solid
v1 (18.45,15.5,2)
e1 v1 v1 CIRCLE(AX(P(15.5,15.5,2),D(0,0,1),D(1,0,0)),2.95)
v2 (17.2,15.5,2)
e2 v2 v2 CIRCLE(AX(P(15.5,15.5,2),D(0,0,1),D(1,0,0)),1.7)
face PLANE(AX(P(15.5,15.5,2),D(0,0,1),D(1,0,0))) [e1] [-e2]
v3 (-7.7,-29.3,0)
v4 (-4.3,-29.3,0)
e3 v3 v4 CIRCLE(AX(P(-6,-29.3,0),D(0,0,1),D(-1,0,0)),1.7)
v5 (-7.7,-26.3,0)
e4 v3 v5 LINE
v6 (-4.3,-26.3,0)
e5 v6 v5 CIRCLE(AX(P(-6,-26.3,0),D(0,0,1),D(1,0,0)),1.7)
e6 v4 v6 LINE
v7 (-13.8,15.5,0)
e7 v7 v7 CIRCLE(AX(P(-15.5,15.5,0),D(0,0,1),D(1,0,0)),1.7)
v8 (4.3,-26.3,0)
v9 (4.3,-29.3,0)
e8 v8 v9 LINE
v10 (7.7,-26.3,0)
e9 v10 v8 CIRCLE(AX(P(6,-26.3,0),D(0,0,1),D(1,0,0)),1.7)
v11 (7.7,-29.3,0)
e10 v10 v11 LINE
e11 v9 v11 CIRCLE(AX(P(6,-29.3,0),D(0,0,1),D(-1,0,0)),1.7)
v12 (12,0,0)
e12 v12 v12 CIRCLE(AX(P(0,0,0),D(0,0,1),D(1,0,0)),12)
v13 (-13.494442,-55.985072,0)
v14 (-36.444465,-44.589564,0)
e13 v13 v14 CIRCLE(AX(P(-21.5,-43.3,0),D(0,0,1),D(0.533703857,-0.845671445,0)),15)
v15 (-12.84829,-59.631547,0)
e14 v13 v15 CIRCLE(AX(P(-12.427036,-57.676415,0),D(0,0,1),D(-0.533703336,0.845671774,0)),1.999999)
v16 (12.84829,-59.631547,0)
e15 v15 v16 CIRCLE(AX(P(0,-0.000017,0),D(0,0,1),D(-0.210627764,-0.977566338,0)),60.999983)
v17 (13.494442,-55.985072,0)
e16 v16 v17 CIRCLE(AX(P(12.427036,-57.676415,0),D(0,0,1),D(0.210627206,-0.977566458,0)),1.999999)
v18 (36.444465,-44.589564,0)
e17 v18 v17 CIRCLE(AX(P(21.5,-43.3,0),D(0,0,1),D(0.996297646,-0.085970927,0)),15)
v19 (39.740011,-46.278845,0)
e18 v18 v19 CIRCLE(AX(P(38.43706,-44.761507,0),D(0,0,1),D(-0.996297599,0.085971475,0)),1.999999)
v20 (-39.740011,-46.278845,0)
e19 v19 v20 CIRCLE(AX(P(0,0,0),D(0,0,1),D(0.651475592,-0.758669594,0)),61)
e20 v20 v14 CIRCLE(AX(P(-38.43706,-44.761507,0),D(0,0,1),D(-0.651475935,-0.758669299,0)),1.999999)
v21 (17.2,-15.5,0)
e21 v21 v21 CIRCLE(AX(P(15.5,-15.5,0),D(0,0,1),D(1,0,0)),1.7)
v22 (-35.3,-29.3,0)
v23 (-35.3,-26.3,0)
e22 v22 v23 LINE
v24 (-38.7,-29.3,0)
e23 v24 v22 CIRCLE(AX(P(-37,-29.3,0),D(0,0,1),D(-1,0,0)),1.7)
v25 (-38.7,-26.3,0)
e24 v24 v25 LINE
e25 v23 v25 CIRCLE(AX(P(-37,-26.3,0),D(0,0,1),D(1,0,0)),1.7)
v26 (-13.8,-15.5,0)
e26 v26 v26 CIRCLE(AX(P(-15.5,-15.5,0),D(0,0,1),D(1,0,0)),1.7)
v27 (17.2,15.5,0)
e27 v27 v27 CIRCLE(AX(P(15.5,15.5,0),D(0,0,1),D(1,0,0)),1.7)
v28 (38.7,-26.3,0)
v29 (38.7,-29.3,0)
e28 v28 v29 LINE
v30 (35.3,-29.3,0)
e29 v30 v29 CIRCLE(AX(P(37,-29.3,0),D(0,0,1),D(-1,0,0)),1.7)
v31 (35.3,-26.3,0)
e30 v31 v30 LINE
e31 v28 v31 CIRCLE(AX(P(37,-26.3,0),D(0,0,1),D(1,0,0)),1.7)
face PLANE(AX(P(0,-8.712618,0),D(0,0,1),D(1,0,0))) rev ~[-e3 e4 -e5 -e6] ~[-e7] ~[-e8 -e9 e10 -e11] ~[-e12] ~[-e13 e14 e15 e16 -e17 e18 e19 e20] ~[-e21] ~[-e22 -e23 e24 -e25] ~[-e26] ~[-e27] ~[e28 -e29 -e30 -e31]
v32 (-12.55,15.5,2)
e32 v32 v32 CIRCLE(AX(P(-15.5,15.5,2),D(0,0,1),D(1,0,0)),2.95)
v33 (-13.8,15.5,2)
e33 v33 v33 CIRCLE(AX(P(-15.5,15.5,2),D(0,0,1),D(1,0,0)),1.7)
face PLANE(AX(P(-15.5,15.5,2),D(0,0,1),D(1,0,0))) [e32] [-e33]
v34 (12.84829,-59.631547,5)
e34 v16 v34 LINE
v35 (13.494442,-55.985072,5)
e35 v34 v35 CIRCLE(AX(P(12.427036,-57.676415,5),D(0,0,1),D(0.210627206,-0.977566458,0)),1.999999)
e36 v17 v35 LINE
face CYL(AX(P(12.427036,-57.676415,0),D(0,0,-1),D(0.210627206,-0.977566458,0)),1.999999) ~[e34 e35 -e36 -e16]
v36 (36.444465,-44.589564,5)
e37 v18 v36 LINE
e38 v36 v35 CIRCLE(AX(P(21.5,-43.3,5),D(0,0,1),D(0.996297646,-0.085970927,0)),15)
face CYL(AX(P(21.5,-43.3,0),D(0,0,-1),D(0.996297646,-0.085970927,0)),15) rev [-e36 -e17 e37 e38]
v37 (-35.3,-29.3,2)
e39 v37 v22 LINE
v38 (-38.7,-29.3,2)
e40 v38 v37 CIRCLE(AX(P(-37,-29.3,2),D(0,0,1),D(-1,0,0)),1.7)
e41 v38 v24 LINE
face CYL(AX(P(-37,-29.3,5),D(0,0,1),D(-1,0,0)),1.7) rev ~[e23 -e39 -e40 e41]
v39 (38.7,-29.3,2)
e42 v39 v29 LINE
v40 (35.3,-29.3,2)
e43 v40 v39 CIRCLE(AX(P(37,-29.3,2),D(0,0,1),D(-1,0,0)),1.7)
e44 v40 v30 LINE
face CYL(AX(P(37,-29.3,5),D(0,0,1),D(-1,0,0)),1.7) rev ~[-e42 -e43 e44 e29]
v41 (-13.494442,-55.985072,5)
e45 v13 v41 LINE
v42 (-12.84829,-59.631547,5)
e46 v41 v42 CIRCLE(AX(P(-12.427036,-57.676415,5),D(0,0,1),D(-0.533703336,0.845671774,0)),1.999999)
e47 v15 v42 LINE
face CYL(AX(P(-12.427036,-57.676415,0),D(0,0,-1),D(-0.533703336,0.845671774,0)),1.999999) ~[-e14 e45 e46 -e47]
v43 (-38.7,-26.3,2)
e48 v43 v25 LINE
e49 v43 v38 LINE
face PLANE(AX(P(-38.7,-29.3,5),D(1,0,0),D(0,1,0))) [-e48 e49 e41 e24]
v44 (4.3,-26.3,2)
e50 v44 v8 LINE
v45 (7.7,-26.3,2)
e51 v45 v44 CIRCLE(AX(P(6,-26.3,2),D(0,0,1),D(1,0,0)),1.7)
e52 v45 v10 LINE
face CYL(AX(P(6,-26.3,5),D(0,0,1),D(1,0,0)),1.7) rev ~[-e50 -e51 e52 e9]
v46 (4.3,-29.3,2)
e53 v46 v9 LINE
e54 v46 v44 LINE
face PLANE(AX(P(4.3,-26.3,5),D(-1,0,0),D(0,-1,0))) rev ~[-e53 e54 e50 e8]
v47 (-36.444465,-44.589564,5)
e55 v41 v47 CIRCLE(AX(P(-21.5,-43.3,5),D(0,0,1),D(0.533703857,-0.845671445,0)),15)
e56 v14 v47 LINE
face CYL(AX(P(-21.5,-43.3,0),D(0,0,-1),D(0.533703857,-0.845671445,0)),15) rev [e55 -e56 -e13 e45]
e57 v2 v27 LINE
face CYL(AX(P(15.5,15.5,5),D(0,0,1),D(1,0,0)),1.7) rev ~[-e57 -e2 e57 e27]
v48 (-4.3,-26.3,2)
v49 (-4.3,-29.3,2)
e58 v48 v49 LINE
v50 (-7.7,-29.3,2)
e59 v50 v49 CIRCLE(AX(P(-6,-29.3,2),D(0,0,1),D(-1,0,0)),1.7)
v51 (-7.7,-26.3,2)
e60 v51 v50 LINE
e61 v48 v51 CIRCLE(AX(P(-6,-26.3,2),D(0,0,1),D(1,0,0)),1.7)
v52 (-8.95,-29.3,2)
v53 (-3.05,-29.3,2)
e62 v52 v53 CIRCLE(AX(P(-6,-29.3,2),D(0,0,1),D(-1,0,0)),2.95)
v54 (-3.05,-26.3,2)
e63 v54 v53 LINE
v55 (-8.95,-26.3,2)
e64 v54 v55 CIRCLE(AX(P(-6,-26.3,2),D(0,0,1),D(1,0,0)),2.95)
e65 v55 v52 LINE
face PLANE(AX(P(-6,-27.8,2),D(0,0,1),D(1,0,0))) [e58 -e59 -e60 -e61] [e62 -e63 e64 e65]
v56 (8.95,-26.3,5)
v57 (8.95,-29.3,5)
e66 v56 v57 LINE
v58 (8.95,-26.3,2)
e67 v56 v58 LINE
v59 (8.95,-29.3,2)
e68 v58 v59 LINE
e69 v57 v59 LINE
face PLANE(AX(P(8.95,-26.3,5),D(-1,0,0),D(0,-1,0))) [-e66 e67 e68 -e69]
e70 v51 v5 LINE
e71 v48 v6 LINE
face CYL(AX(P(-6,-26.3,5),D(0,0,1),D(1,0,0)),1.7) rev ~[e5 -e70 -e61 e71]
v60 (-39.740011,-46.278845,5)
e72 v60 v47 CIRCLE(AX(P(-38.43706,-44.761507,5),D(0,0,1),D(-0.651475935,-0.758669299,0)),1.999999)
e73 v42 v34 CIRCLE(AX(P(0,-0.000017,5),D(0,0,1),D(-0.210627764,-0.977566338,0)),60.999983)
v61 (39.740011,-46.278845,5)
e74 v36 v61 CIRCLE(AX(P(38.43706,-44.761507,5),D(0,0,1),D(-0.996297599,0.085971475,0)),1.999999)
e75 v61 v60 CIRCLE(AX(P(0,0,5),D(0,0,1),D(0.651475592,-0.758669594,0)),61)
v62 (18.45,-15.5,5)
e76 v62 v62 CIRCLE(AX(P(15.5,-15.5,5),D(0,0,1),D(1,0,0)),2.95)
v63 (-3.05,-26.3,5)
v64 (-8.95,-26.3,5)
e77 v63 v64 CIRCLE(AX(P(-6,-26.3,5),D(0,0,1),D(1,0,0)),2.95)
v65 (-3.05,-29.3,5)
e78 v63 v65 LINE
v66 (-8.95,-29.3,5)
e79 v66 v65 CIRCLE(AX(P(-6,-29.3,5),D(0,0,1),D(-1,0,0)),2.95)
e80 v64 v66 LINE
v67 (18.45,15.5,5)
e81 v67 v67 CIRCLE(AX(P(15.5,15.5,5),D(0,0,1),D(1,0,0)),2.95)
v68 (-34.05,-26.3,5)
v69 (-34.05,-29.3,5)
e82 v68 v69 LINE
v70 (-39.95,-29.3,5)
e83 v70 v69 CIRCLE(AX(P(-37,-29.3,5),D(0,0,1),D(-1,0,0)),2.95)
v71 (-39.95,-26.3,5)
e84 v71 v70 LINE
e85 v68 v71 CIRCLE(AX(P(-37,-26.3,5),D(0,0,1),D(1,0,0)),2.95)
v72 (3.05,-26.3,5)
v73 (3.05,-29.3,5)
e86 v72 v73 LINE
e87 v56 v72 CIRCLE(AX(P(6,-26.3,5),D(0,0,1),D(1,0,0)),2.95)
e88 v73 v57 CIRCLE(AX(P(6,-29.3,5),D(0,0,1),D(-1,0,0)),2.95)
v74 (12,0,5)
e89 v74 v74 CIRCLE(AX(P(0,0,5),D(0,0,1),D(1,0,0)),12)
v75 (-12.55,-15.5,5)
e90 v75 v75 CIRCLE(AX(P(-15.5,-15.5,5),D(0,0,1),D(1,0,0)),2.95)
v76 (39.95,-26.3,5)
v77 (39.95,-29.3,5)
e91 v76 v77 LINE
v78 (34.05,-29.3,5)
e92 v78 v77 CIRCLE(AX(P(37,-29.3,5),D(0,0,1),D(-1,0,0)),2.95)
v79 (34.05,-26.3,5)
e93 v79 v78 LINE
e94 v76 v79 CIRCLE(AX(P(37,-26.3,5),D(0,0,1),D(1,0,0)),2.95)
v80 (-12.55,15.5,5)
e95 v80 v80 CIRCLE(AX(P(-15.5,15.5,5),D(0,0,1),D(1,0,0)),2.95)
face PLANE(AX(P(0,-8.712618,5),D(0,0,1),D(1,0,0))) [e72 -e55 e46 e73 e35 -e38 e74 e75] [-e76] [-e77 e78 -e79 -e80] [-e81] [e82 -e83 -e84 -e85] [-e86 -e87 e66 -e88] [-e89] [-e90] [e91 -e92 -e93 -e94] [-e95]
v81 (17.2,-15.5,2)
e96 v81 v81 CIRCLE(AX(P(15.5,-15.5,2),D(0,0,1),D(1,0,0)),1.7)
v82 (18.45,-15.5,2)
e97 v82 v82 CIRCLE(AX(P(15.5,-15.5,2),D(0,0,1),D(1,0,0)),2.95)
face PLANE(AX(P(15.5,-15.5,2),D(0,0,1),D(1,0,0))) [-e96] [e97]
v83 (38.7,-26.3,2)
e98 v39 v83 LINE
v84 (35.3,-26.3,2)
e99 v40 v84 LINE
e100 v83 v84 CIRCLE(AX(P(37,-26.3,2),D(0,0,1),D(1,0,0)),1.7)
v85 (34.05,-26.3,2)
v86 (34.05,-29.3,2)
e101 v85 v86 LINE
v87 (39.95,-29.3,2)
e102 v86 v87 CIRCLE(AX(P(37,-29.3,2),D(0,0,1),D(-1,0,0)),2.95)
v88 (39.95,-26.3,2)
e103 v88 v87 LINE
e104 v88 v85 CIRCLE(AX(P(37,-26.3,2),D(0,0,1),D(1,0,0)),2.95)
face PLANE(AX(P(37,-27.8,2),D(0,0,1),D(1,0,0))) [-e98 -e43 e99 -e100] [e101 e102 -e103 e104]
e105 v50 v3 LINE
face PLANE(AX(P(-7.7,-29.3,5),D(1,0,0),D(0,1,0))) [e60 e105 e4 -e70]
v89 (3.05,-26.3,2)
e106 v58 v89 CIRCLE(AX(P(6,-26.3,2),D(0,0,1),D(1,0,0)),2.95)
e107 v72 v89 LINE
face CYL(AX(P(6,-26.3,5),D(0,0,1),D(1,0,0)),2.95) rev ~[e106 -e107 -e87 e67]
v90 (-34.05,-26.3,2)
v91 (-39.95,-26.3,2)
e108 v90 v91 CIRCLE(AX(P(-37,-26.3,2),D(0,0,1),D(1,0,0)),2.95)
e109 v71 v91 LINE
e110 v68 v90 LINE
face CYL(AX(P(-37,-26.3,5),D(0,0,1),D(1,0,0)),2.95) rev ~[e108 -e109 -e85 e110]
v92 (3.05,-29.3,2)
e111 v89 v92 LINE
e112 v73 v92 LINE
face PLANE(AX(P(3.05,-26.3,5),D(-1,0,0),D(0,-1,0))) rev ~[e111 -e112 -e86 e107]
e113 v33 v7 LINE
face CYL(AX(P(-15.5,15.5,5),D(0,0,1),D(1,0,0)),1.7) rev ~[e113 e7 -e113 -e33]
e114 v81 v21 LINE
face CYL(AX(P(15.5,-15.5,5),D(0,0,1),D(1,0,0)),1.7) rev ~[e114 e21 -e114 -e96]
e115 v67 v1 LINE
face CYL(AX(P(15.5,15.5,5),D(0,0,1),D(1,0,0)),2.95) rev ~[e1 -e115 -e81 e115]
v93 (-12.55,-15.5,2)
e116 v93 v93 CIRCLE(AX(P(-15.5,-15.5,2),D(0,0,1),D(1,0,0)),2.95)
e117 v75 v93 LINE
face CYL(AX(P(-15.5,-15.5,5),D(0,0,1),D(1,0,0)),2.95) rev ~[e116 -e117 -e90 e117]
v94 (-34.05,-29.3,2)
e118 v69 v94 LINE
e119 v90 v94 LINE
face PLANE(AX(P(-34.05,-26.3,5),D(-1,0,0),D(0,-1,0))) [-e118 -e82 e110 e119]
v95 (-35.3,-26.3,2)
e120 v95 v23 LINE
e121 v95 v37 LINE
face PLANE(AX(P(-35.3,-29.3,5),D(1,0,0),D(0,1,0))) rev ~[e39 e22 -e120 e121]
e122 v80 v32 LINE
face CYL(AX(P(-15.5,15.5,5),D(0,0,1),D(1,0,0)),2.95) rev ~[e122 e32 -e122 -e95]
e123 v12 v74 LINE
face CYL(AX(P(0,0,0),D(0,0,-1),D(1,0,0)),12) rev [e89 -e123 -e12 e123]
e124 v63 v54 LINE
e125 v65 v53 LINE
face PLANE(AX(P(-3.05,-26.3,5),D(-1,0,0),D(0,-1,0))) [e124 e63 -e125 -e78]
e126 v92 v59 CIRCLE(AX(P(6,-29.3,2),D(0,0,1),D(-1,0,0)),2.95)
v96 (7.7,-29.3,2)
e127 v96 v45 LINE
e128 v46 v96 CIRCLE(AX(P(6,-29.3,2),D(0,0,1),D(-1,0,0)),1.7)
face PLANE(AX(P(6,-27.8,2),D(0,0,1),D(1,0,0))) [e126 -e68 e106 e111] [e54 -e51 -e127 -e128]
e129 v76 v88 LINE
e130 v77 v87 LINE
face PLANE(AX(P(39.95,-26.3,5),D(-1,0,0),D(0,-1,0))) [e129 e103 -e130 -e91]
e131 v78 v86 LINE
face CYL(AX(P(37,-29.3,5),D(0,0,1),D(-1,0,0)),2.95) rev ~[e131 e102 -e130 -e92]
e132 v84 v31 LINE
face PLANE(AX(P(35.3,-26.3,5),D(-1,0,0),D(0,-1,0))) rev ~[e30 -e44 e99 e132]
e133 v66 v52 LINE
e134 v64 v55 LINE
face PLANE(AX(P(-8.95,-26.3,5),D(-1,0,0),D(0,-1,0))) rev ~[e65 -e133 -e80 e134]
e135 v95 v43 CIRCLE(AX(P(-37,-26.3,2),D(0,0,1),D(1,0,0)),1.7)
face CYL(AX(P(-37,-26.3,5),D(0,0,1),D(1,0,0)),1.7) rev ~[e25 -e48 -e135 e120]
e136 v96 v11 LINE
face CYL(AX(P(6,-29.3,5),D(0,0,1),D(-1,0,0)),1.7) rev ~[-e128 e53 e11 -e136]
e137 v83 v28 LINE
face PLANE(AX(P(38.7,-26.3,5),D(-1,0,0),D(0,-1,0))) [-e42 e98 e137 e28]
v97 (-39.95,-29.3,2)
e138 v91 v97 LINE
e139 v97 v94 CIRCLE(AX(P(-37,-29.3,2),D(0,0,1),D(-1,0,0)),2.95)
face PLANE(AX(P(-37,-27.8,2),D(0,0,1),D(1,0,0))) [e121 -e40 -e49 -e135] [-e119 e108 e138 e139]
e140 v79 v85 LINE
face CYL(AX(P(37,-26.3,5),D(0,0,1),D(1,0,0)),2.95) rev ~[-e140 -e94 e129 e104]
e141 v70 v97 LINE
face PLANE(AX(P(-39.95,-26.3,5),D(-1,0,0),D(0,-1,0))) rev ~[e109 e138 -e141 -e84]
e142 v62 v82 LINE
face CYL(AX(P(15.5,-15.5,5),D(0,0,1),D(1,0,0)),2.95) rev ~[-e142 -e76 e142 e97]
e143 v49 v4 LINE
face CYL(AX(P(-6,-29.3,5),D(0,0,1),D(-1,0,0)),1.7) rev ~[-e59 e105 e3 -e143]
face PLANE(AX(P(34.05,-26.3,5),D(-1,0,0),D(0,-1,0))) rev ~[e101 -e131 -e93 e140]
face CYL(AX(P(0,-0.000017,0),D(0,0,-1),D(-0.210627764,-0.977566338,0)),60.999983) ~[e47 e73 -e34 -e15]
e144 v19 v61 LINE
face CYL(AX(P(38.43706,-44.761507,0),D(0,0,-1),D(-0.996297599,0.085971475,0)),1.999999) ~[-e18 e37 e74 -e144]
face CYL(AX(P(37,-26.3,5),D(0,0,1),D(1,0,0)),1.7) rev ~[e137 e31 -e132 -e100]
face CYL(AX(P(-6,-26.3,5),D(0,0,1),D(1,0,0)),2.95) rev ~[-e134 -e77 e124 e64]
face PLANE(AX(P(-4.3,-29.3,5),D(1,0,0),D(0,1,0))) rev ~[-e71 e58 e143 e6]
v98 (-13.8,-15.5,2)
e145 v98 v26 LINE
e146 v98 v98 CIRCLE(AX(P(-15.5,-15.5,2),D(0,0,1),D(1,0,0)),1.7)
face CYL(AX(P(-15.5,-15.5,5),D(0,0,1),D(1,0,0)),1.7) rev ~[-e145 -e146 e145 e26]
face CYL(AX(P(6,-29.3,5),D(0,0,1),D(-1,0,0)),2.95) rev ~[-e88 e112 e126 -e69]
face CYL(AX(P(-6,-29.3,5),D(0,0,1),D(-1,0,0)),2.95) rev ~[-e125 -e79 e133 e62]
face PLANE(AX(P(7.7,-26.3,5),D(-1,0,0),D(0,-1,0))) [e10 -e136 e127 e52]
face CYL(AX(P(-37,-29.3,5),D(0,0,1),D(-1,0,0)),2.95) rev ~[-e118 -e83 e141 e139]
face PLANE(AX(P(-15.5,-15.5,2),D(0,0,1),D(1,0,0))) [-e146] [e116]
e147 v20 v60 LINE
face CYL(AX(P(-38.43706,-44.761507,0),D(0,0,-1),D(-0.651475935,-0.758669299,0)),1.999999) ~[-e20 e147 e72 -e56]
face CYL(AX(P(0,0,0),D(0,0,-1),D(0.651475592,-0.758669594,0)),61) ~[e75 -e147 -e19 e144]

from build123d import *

# Parameters (mm, degrees)
SKETCH_R        = 12
PAD_DEPTH       = 5
SKETCH001_R     = 1.7
POCKET_DEPTH    = 5.001
SKETCH002_R     = 2.95
POCKET001_DEPTH = 3


with BuildPart() as part:
    # Sketch → Pad (new body)
    with BuildSketch(Plane.XY):
        with BuildLine():
            ThreePointArc((-12.84829, -59.631547), (0, -61), (12.84829, -59.631547))
            ThreePointArc((12.84829, -59.631547), (14.396356, -58.025377), (13.494442, -55.985072))
            ThreePointArc((36.444465, -44.589564), (14.829055, -29.865027), (13.494442, -55.985072))
            ThreePointArc((36.444465, -44.589564), (37.524744, -46.541304), (39.740011, -46.278845))
            ThreePointArc((39.740011, -46.278845), (0, 61), (-39.740011, -46.278845))
            ThreePointArc((-39.740011, -46.278845), (-37.524744, -46.541304), (-36.444465, -44.589564))
            ThreePointArc((-13.494442, -55.985072), (-14.829055, -29.865027), (-36.444465, -44.589564))
            ThreePointArc((-13.494442, -55.985072), (-14.396356, -58.025377), (-12.84829, -59.631547))
        make_face()
        Circle(SKETCH_R, mode=Mode.SUBTRACT)
    extrude(amount=PAD_DEPTH)

    # Sketch001 (on Face11 of Pad) → Pocket (cut, through all)
    with BuildSketch(Plane.XY.offset(5)):
        with Locations((15.5, 15.5)):
            Circle(SKETCH001_R)
        with Locations((15.5, -15.5)):
            Circle(SKETCH001_R)
        with Locations((-15.5, -15.5)):
            Circle(SKETCH001_R)
        with Locations((-15.5, 15.5)):
            Circle(SKETCH001_R)
        with BuildLine():
            ThreePointArc((-38.7, -29.3), (-37, -31), (-35.3, -29.3))
            Line((-35.3, -29.3), (-35.3, -26.3))
            ThreePointArc((-35.3, -26.3), (-37, -24.6), (-38.7, -26.3))
            Line((-38.7, -29.3), (-38.7, -26.3))
        make_face()
        with BuildLine():
            ThreePointArc((-7.7, -29.3), (-6, -31), (-4.3, -29.3))
            Line((-4.3, -29.3), (-4.3, -26.3))
            ThreePointArc((-4.3, -26.3), (-6, -24.6), (-7.7, -26.3))
            Line((-7.7, -29.3), (-7.7, -26.3))
        make_face()
        with BuildLine():
            ThreePointArc((7.7, -26.3), (6, -24.6), (4.3, -26.3))
            Line((4.3, -26.3), (4.3, -29.3))
            ThreePointArc((4.3, -29.3), (6, -31), (7.7, -29.3))
            Line((7.7, -26.3), (7.7, -29.3))
        make_face()
        with BuildLine():
            ThreePointArc((38.7, -26.3), (37, -24.6), (35.3, -26.3))
            Line((35.3, -26.3), (35.3, -29.3))
            ThreePointArc((35.3, -29.3), (37, -31), (38.7, -29.3))
            Line((38.7, -26.3), (38.7, -29.3))
        make_face()
    extrude(amount=-POCKET_DEPTH, mode=Mode.SUBTRACT)

    # Sketch002 (on Face5 of Pocket) → Pocket001 (cut)
    with BuildSketch(Plane.XY.offset(5)):
        with Locations((15.5, 15.5)):
            Circle(SKETCH002_R)
        with Locations((-15.5, 15.5)):
            Circle(SKETCH002_R)
        with Locations((-15.5, -15.5)):
            Circle(SKETCH002_R)
        with Locations((15.5, -15.5)):
            Circle(SKETCH002_R)
        with BuildLine():
            ThreePointArc((39.95, -26.3), (37, -23.35), (34.05, -26.3))
            Line((34.05, -26.3), (34.05, -29.3))
            ThreePointArc((34.05, -29.3), (37, -32.25), (39.95, -29.3))
            Line((39.95, -26.3), (39.95, -29.3))
        make_face()
        with BuildLine():
            ThreePointArc((8.95, -26.3), (6, -23.35), (3.05, -26.3))
            Line((3.05, -26.3), (3.05, -29.3))
            ThreePointArc((3.05, -29.3), (6, -32.25), (8.95, -29.3))
            Line((8.95, -26.3), (8.95, -29.3))
        make_face()
        with BuildLine():
            ThreePointArc((-3.05, -26.3), (-6, -23.35), (-8.95, -26.3))
            Line((-8.95, -26.3), (-8.95, -29.3))
            ThreePointArc((-8.95, -29.3), (-6, -32.25), (-3.05, -29.3))
            Line((-3.05, -26.3), (-3.05, -29.3))
        make_face()
        with BuildLine():
            ThreePointArc((-34.05, -26.3), (-37, -23.35), (-39.95, -26.3))
            Line((-39.95, -26.3), (-39.95, -29.3))
            ThreePointArc((-39.95, -29.3), (-37, -32.25), (-34.05, -29.3))
            Line((-34.05, -26.3), (-34.05, -29.3))
        make_face()
    extrude(amount=-POCKET001_DEPTH, mode=Mode.SUBTRACT)


solid = part.part
